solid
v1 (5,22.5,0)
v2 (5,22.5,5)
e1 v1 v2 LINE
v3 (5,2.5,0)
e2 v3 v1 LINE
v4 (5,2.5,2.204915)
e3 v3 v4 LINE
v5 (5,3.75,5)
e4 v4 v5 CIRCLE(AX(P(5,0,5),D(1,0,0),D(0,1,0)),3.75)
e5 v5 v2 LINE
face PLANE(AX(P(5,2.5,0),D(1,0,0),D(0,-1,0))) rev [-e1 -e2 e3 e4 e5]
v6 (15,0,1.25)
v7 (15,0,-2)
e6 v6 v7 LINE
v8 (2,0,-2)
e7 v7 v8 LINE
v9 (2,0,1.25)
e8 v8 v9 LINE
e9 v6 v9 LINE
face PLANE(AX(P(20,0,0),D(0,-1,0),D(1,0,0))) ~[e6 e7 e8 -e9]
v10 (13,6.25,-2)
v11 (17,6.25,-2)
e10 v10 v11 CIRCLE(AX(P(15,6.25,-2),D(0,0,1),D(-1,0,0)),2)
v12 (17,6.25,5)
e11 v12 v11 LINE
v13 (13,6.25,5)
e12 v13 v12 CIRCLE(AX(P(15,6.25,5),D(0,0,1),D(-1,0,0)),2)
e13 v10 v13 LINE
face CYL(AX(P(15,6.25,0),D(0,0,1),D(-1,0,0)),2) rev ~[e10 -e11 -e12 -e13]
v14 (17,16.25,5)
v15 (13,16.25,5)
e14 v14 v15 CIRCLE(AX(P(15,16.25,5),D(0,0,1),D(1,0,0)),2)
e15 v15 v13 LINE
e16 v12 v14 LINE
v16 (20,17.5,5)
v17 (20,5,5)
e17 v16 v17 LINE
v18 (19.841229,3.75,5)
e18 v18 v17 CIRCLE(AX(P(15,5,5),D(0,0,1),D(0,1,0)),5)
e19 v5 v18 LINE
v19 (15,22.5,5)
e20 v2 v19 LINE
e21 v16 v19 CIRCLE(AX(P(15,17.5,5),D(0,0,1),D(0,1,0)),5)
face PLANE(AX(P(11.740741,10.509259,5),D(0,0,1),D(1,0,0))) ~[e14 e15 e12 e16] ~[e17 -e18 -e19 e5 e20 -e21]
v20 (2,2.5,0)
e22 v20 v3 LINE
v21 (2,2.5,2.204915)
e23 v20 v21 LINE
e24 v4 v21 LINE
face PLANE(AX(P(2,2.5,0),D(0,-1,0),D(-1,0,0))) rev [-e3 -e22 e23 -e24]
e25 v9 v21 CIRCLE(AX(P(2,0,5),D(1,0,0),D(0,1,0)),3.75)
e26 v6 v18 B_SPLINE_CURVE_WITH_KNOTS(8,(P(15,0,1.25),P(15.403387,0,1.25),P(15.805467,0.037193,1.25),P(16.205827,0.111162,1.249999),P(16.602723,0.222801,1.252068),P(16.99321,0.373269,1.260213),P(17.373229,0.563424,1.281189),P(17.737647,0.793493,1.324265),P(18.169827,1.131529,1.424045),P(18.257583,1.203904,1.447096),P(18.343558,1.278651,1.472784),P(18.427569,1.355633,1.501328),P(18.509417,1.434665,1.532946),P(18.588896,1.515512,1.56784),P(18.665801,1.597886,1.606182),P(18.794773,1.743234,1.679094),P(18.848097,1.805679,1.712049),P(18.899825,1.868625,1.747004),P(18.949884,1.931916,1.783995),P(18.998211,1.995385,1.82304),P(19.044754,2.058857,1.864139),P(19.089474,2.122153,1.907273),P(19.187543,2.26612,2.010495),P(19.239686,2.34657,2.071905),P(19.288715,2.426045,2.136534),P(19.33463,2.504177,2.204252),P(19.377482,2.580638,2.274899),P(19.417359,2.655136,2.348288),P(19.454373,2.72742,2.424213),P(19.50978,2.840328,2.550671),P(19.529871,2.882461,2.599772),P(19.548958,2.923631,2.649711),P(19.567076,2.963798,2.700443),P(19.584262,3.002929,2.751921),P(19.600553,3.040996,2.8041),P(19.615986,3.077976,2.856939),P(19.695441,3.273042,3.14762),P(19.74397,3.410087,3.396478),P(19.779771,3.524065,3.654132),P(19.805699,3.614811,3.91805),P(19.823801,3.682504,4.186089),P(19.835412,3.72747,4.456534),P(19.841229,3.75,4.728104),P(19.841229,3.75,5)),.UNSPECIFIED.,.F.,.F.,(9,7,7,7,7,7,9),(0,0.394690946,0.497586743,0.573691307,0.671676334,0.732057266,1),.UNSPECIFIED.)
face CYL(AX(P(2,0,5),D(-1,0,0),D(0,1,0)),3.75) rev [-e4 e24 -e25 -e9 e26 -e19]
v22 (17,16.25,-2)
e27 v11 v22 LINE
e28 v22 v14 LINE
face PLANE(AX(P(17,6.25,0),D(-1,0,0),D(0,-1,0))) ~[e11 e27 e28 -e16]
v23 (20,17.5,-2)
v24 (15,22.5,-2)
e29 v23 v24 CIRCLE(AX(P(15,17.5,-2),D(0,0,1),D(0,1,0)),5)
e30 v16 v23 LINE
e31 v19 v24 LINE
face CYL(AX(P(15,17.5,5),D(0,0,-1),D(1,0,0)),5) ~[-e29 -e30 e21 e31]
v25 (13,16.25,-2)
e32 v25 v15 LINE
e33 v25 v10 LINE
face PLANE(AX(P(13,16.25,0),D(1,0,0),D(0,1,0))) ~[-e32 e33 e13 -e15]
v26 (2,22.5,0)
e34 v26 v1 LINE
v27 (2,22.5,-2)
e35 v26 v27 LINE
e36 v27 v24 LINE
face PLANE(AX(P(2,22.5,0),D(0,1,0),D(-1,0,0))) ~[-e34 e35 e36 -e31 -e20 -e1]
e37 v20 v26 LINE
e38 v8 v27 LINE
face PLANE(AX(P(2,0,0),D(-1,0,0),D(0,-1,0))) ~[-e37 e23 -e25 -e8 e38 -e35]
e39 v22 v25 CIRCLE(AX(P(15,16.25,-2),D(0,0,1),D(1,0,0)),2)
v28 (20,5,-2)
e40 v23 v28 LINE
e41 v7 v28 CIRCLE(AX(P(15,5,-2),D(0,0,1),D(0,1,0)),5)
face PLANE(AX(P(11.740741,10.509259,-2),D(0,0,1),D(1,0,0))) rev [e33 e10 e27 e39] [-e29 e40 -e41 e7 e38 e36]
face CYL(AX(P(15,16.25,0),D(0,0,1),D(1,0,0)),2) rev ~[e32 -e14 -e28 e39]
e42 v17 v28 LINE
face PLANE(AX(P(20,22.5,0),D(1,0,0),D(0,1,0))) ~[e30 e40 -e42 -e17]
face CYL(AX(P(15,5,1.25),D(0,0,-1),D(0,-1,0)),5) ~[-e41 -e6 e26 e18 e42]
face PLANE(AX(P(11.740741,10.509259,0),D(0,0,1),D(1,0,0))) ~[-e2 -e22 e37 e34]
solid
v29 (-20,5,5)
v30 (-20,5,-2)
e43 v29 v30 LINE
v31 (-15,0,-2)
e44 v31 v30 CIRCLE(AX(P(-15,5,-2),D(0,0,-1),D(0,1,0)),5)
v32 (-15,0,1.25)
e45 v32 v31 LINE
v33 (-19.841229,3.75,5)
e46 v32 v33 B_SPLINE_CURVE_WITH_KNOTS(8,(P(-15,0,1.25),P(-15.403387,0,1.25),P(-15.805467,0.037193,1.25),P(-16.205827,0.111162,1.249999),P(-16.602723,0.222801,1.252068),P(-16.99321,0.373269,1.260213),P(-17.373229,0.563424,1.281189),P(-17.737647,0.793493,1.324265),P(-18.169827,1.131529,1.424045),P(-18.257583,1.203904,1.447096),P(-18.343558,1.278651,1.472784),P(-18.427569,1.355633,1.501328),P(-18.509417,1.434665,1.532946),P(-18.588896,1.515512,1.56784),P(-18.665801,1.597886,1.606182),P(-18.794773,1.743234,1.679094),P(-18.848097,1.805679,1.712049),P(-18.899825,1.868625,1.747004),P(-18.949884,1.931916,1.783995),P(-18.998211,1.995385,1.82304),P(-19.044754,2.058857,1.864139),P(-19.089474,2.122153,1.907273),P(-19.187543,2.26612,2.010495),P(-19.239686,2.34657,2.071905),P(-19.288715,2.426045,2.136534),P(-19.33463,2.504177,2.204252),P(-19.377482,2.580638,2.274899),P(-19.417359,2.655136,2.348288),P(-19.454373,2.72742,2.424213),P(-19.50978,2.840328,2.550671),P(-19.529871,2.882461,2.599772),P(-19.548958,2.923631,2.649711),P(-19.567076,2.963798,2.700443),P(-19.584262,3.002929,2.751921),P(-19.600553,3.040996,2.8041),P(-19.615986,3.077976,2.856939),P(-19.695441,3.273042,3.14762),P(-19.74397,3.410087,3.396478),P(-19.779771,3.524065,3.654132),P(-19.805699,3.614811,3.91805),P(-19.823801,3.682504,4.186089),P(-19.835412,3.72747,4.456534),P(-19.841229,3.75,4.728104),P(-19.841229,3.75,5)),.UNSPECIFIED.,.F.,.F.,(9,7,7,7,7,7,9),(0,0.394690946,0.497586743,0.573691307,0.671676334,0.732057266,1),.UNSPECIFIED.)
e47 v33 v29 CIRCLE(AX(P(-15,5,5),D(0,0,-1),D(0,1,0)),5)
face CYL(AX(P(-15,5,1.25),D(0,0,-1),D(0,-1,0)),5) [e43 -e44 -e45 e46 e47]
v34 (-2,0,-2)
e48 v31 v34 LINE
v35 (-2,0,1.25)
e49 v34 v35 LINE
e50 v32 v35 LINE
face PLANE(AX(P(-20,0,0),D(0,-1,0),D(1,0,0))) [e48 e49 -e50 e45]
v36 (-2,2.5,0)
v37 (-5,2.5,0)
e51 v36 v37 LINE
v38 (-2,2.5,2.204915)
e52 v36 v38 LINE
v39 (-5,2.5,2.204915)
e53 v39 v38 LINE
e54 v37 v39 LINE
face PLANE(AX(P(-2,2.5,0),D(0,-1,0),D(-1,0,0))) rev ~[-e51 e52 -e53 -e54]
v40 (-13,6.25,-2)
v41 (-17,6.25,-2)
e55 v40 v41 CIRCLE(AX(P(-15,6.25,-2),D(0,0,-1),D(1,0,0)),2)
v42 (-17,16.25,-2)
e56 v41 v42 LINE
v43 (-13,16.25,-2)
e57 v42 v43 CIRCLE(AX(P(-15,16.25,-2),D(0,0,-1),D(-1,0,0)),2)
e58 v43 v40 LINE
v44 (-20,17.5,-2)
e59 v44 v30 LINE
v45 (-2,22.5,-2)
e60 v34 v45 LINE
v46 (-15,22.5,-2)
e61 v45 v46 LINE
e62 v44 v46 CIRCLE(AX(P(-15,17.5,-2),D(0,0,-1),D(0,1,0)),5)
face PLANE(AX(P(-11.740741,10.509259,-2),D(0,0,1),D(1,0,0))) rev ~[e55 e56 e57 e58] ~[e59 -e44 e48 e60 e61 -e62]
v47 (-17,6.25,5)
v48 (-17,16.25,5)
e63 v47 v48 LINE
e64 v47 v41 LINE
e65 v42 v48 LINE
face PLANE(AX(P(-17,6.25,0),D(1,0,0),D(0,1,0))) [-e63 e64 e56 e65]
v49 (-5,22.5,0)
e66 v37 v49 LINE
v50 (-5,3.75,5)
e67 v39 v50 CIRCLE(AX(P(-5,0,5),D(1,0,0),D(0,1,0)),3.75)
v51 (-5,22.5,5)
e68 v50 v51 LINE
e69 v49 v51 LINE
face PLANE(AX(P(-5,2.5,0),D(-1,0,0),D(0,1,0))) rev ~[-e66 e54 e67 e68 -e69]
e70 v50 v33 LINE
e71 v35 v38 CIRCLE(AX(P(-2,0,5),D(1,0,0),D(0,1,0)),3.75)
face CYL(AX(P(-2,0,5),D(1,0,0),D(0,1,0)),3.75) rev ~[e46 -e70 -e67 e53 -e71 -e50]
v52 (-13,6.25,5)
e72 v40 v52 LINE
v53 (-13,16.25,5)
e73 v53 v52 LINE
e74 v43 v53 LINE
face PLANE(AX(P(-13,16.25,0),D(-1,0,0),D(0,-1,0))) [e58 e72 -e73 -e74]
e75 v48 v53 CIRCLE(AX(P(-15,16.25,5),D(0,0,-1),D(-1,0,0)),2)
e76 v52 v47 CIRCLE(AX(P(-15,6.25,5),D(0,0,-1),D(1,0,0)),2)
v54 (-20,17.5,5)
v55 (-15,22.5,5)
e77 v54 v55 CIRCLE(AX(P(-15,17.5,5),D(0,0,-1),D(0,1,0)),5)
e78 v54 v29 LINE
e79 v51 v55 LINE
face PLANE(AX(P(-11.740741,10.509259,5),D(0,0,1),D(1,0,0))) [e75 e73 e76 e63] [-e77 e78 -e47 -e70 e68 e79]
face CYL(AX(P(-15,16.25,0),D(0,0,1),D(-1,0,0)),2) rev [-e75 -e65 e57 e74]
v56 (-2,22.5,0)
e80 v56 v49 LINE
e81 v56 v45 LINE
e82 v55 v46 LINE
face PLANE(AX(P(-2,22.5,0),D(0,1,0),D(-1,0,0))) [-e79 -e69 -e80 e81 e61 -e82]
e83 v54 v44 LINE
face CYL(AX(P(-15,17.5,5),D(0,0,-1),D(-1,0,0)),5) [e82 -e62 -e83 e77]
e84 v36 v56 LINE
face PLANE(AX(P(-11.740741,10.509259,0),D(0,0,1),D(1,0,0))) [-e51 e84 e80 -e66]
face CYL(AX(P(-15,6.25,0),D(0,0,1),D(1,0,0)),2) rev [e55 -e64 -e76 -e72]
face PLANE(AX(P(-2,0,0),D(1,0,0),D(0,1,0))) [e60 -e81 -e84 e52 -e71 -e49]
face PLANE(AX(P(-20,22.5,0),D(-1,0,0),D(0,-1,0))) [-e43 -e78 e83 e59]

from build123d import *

# Parameters (mm, degrees)
F1_DEPTH = 5
F0_W     = 3
F0_H     = 20
F2_DEPTH = 2
F3_R     = 3.75
F4_DEPTH = 25
F5_R     = 5


with BuildPart() as f1:
    # F0 (on Top) → F1 (new body)
    with BuildSketch(Plane.XY):
        Polygon((-20, 0), (-2, 0), (-2, 2.5), (-5, 2.5), (-5, 22.5), (-15, 22.5), (-20, 22.5), align=None)
        with BuildLine():
            ThreePointArc((-17, 16.25), (-15, 18.25), (-13, 16.25))
            Line((-13, 16.25), (-13, 6.25))
            ThreePointArc((-13, 6.25), (-15, 4.25), (-17, 6.25))
            Line((-17, 6.25), (-17, 16.25))
        make_face(mode=Mode.SUBTRACT)
    extrude(amount=F1_DEPTH)

    # F0 (on Top) → F2 (join)
    with BuildSketch(Plane.XY):
        Polygon((-20, 0), (-2, 0), (-2, 2.5), (-5, 2.5), (-5, 22.5), (-15, 22.5), (-20, 22.5), align=None)
        with BuildLine():
            ThreePointArc((-17, 16.25), (-15, 18.25), (-13, 16.25))
            Line((-13, 16.25), (-13, 6.25))
            ThreePointArc((-13, 6.25), (-15, 4.25), (-17, 6.25))
            Line((-17, 6.25), (-17, 16.25))
        make_face(mode=Mode.SUBTRACT)
        with Locations((-3.5, 12.5)):
            Rectangle(F0_W, F0_H)
    extrude(amount=-F2_DEPTH)

    # F3 (on face) → F4 (cut)
    with BuildSketch(Plane.YZ.offset(-2)):
        with Locations((0, 5)):
            Circle(F3_R)
    extrude(amount=-F4_DEPTH, mode=Mode.SUBTRACT)

    # F5
    f5_edges = [f1.edges().sort_by_distance(p)[0] for p in [
        (-20, 0, -0.375),
        (-20, 22.5, 1.5),
    ]]
    fillet(f5_edges, radius=F5_R)


with BuildPart() as f6_1:
    # F6: instance of F1
    add(f1.part.mirror(Plane.YZ))


solid = Compound([f1.part, f6_1.part])
